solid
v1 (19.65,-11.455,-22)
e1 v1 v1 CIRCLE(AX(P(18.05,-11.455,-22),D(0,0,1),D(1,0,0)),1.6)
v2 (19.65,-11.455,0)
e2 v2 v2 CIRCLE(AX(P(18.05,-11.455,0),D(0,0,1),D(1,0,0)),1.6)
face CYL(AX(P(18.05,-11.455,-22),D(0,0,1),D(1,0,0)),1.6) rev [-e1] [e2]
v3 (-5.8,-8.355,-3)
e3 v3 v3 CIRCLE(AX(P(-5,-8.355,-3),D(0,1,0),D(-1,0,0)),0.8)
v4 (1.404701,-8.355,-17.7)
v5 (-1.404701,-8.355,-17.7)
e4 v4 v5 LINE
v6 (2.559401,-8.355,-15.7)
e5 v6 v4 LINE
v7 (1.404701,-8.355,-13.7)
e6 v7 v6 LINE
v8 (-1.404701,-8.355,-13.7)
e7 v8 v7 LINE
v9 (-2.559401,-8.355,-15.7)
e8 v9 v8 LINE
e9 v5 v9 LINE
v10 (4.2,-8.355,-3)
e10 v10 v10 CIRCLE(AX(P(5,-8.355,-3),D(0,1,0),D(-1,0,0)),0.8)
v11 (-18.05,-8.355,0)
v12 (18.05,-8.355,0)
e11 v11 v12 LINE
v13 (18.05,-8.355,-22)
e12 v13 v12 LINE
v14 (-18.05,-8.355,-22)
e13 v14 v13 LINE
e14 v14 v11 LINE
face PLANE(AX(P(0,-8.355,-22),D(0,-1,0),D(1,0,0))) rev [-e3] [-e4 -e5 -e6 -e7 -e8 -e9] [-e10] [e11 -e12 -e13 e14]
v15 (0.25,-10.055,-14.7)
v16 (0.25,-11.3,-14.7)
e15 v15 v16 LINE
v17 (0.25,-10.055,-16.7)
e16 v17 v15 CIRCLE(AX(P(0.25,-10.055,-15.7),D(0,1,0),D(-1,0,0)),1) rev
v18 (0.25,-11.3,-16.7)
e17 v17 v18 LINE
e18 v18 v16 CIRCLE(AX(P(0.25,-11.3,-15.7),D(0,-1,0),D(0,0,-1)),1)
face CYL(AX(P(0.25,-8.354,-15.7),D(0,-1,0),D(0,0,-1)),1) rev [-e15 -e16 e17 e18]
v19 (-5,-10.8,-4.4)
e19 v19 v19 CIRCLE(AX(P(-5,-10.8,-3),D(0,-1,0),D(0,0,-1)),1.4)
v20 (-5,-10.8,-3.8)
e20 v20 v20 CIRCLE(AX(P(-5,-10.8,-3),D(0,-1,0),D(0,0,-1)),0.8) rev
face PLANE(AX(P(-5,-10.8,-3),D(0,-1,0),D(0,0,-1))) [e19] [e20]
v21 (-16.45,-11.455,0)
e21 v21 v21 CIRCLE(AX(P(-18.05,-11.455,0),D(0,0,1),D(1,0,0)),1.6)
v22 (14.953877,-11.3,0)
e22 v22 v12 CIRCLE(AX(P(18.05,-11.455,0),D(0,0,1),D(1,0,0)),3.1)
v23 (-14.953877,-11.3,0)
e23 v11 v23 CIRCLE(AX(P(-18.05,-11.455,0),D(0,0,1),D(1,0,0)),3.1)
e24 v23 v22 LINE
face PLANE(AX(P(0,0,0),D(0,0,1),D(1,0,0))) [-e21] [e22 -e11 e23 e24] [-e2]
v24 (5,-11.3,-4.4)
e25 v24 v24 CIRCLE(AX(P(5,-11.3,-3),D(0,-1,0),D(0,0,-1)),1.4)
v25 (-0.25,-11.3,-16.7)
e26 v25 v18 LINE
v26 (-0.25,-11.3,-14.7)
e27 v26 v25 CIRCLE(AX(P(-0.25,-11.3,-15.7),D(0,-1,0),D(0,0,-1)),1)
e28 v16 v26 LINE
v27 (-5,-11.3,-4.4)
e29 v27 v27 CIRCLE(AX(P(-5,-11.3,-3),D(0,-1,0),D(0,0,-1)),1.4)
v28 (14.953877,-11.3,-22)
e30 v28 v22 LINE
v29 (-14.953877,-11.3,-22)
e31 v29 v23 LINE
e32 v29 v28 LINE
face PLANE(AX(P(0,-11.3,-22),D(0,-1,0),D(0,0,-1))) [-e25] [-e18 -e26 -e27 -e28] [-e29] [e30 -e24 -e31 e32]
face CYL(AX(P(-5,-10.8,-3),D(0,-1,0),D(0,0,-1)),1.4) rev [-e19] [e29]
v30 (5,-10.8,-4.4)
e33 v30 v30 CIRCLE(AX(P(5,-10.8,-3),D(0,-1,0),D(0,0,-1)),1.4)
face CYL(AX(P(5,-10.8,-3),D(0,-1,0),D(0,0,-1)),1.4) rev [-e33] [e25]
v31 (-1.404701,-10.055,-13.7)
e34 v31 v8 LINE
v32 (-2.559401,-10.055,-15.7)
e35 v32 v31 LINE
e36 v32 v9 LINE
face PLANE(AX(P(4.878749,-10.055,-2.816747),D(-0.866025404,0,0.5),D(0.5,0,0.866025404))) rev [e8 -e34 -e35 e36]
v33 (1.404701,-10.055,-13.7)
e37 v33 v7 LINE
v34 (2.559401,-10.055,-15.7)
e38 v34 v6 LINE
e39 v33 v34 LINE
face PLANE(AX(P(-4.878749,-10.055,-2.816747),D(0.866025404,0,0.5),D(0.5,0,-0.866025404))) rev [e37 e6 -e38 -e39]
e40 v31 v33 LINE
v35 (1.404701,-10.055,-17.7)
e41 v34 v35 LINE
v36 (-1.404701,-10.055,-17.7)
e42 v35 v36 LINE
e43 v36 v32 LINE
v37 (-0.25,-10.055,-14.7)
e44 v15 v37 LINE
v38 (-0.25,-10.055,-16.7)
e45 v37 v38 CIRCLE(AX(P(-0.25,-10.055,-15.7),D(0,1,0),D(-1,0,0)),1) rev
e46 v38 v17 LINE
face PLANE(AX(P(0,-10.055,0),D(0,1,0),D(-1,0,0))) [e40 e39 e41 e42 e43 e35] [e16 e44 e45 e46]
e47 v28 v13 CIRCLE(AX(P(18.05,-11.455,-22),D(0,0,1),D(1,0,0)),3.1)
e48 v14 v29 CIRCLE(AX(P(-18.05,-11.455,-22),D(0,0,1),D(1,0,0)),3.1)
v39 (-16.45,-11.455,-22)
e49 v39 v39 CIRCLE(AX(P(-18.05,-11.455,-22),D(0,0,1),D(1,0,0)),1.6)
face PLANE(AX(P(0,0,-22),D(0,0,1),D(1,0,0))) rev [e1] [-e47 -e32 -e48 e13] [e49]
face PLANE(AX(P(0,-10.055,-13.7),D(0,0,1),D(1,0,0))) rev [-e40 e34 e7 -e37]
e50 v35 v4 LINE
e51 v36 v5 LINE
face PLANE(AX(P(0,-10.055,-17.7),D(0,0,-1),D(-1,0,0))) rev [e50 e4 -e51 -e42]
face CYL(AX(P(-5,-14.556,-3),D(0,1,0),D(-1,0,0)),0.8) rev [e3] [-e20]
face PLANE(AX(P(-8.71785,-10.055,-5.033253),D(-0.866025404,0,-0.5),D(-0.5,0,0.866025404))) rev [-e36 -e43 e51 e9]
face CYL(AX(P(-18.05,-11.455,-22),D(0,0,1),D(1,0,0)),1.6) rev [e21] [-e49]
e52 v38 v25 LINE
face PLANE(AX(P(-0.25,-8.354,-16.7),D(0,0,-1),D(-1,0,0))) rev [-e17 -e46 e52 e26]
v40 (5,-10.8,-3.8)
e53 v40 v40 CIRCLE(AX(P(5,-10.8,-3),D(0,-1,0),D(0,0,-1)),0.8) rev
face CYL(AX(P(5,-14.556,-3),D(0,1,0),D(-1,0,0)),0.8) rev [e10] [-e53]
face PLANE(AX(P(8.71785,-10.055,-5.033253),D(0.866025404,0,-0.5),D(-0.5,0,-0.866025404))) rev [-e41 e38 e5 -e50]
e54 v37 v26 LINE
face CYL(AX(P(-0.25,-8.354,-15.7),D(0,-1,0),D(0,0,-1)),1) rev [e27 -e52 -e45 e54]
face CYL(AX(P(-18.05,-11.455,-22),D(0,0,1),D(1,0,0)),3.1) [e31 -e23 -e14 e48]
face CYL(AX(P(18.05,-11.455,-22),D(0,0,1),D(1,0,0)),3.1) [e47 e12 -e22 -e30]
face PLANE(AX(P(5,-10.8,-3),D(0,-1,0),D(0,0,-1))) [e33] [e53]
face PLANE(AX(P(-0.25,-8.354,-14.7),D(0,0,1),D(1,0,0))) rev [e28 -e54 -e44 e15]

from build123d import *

# Parameters (mm, degrees)
SKETCH_3_R          = 3.1
SKETCH_3_R_2        = 1.6
EXTRUDE_1_DEPTH     = 22
CUT_EXTRUDE_1_REACH = 32.691
CUT_EXTRUDE_2_DEPTH = 1.7
CUT_EXTRUDE_3_REACH = 33.141
SKETCH_6_R          = 0.8
SKETCH_7_R          = 1.4
CUT_EXTRUDE_4_DEPTH = 0.5


with BuildPart() as part:
    # 草图3 → 凸台-拉伸1 (new body)
    # profile 1 of 3: a face of its own
    with BuildSketch(Plane.XY):
        with Locations((18.05, -11.455)):
            Circle(SKETCH_3_R)
        with Locations((18.05, -11.455)):
            Circle(SKETCH_3_R_2, mode=Mode.SUBTRACT)
    # profile 2 of 3: a face of its own
    with BuildSketch(Plane.XY):
        with BuildLine():
            Line((18.05, -8.355), (-18.05, -8.355))
            ThreePointArc((-18.05, -8.355), (-15.913472443, -9.208836604), (-14.953877425, -11.3))
            Line((-14.953877425, -11.3), (14.953877425, -11.3))
            ThreePointArc((14.953877425, -11.3), (15.913472443, -9.208836604), (18.05, -8.355))
        make_face()
    # profile 3 of 3: a face of its own
    with BuildSketch(Plane.XY):
        with Locations((-18.05, -11.455)):
            Circle(SKETCH_3_R)
        with Locations((-18.05, -11.455)):
            Circle(SKETCH_3_R_2, mode=Mode.SUBTRACT)
    extrude(amount=-EXTRUDE_1_DEPTH)

    # 草图4 → 切除-拉伸1 (cut, up to next)
    with BuildSketch(Plane.XZ.offset(11.3), mode=Mode.PRIVATE) as cut_extrude_1_sk1:
        with BuildLine():
            Line((-0.25, -14.7), (0.25, -14.7))
            ThreePointArc((0.25, -14.7), (1.25, -15.7), (0.25, -16.7))
            Line((0.25, -16.7), (-0.25, -16.7))
            ThreePointArc((-0.25, -16.7), (-1.25, -15.7), (-0.25, -14.7))
        make_face()
    cut_extrude_1_tool1 = extrude(cut_extrude_1_sk1.sketch, amount=-CUT_EXTRUDE_1_REACH, mode=Mode.PRIVATE) & part.part
    add(cut_extrude_1_tool1.solids().sort_by_distance((0, -11.3, -15.7))[0], mode=Mode.SUBTRACT)

    # 草图5 → 切除-拉伸2 (cut)
    with BuildSketch(Plane(origin=(0, -8.355, 0), x_dir=(1, 0, 0), z_dir=(0, 1, 0))):
        Polygon((2.059401077, 15.7), (0.904700538, 17.7), (-1.404700538, 17.7), (-2.559401077, 15.7), (-1.404700538, 13.7), (0.904700538, 13.7), align=None)
        Polygon((2.559401077, 15.7), (1.404700538, 17.7), (-0.904700538, 17.7), (-2.059401077, 15.7), (-0.904700538, 13.7), (1.404700538, 13.7), align=None)
    extrude(amount=-CUT_EXTRUDE_2_DEPTH, mode=Mode.SUBTRACT)

    # 草图6 → 切除-拉伸3 (cut, up to next)
    with BuildSketch(Plane(origin=(0, -8.355, 0), x_dir=(1, 0, 0), z_dir=(0, 1, 0)), mode=Mode.PRIVATE) as cut_extrude_3_sk1:
        with Locations(Location((-5, 3, 0), (0, 0, 180))):
            Circle(SKETCH_6_R)
    cut_extrude_3_tool1 = extrude(cut_extrude_3_sk1.sketch, amount=-CUT_EXTRUDE_3_REACH, mode=Mode.PRIVATE) & part.part
    # 草图6 → 切除-拉伸3 (cut, up to next)
    with BuildSketch(Plane(origin=(0, -8.355, 0), x_dir=(1, 0, 0), z_dir=(0, 1, 0)), mode=Mode.PRIVATE) as cut_extrude_3_sk2:
        with Locations(Location((5, 3, 0), (0, 0, 180))):
            Circle(SKETCH_6_R)
    cut_extrude_3_tool2 = extrude(cut_extrude_3_sk2.sketch, amount=-CUT_EXTRUDE_3_REACH, mode=Mode.PRIVATE) & part.part
    add(cut_extrude_3_tool1.solids().sort_by_distance((-5, -8.355, -3))[0], mode=Mode.SUBTRACT)
    add(cut_extrude_3_tool2.solids().sort_by_distance((5, -8.355, -3))[0], mode=Mode.SUBTRACT)

    # 草图7 → 切除-拉伸4 (cut)
    with BuildSketch(Plane.XZ.offset(11.3)):
        with Locations(Location((5, -3, 0), (0, 0, 270))):
            Circle(SKETCH_7_R)
        with Locations(Location((-5, -3, 0), (0, 0, 270))):
            Circle(SKETCH_7_R)
    extrude(amount=-CUT_EXTRUDE_4_DEPTH, mode=Mode.SUBTRACT)


solid = part.part
